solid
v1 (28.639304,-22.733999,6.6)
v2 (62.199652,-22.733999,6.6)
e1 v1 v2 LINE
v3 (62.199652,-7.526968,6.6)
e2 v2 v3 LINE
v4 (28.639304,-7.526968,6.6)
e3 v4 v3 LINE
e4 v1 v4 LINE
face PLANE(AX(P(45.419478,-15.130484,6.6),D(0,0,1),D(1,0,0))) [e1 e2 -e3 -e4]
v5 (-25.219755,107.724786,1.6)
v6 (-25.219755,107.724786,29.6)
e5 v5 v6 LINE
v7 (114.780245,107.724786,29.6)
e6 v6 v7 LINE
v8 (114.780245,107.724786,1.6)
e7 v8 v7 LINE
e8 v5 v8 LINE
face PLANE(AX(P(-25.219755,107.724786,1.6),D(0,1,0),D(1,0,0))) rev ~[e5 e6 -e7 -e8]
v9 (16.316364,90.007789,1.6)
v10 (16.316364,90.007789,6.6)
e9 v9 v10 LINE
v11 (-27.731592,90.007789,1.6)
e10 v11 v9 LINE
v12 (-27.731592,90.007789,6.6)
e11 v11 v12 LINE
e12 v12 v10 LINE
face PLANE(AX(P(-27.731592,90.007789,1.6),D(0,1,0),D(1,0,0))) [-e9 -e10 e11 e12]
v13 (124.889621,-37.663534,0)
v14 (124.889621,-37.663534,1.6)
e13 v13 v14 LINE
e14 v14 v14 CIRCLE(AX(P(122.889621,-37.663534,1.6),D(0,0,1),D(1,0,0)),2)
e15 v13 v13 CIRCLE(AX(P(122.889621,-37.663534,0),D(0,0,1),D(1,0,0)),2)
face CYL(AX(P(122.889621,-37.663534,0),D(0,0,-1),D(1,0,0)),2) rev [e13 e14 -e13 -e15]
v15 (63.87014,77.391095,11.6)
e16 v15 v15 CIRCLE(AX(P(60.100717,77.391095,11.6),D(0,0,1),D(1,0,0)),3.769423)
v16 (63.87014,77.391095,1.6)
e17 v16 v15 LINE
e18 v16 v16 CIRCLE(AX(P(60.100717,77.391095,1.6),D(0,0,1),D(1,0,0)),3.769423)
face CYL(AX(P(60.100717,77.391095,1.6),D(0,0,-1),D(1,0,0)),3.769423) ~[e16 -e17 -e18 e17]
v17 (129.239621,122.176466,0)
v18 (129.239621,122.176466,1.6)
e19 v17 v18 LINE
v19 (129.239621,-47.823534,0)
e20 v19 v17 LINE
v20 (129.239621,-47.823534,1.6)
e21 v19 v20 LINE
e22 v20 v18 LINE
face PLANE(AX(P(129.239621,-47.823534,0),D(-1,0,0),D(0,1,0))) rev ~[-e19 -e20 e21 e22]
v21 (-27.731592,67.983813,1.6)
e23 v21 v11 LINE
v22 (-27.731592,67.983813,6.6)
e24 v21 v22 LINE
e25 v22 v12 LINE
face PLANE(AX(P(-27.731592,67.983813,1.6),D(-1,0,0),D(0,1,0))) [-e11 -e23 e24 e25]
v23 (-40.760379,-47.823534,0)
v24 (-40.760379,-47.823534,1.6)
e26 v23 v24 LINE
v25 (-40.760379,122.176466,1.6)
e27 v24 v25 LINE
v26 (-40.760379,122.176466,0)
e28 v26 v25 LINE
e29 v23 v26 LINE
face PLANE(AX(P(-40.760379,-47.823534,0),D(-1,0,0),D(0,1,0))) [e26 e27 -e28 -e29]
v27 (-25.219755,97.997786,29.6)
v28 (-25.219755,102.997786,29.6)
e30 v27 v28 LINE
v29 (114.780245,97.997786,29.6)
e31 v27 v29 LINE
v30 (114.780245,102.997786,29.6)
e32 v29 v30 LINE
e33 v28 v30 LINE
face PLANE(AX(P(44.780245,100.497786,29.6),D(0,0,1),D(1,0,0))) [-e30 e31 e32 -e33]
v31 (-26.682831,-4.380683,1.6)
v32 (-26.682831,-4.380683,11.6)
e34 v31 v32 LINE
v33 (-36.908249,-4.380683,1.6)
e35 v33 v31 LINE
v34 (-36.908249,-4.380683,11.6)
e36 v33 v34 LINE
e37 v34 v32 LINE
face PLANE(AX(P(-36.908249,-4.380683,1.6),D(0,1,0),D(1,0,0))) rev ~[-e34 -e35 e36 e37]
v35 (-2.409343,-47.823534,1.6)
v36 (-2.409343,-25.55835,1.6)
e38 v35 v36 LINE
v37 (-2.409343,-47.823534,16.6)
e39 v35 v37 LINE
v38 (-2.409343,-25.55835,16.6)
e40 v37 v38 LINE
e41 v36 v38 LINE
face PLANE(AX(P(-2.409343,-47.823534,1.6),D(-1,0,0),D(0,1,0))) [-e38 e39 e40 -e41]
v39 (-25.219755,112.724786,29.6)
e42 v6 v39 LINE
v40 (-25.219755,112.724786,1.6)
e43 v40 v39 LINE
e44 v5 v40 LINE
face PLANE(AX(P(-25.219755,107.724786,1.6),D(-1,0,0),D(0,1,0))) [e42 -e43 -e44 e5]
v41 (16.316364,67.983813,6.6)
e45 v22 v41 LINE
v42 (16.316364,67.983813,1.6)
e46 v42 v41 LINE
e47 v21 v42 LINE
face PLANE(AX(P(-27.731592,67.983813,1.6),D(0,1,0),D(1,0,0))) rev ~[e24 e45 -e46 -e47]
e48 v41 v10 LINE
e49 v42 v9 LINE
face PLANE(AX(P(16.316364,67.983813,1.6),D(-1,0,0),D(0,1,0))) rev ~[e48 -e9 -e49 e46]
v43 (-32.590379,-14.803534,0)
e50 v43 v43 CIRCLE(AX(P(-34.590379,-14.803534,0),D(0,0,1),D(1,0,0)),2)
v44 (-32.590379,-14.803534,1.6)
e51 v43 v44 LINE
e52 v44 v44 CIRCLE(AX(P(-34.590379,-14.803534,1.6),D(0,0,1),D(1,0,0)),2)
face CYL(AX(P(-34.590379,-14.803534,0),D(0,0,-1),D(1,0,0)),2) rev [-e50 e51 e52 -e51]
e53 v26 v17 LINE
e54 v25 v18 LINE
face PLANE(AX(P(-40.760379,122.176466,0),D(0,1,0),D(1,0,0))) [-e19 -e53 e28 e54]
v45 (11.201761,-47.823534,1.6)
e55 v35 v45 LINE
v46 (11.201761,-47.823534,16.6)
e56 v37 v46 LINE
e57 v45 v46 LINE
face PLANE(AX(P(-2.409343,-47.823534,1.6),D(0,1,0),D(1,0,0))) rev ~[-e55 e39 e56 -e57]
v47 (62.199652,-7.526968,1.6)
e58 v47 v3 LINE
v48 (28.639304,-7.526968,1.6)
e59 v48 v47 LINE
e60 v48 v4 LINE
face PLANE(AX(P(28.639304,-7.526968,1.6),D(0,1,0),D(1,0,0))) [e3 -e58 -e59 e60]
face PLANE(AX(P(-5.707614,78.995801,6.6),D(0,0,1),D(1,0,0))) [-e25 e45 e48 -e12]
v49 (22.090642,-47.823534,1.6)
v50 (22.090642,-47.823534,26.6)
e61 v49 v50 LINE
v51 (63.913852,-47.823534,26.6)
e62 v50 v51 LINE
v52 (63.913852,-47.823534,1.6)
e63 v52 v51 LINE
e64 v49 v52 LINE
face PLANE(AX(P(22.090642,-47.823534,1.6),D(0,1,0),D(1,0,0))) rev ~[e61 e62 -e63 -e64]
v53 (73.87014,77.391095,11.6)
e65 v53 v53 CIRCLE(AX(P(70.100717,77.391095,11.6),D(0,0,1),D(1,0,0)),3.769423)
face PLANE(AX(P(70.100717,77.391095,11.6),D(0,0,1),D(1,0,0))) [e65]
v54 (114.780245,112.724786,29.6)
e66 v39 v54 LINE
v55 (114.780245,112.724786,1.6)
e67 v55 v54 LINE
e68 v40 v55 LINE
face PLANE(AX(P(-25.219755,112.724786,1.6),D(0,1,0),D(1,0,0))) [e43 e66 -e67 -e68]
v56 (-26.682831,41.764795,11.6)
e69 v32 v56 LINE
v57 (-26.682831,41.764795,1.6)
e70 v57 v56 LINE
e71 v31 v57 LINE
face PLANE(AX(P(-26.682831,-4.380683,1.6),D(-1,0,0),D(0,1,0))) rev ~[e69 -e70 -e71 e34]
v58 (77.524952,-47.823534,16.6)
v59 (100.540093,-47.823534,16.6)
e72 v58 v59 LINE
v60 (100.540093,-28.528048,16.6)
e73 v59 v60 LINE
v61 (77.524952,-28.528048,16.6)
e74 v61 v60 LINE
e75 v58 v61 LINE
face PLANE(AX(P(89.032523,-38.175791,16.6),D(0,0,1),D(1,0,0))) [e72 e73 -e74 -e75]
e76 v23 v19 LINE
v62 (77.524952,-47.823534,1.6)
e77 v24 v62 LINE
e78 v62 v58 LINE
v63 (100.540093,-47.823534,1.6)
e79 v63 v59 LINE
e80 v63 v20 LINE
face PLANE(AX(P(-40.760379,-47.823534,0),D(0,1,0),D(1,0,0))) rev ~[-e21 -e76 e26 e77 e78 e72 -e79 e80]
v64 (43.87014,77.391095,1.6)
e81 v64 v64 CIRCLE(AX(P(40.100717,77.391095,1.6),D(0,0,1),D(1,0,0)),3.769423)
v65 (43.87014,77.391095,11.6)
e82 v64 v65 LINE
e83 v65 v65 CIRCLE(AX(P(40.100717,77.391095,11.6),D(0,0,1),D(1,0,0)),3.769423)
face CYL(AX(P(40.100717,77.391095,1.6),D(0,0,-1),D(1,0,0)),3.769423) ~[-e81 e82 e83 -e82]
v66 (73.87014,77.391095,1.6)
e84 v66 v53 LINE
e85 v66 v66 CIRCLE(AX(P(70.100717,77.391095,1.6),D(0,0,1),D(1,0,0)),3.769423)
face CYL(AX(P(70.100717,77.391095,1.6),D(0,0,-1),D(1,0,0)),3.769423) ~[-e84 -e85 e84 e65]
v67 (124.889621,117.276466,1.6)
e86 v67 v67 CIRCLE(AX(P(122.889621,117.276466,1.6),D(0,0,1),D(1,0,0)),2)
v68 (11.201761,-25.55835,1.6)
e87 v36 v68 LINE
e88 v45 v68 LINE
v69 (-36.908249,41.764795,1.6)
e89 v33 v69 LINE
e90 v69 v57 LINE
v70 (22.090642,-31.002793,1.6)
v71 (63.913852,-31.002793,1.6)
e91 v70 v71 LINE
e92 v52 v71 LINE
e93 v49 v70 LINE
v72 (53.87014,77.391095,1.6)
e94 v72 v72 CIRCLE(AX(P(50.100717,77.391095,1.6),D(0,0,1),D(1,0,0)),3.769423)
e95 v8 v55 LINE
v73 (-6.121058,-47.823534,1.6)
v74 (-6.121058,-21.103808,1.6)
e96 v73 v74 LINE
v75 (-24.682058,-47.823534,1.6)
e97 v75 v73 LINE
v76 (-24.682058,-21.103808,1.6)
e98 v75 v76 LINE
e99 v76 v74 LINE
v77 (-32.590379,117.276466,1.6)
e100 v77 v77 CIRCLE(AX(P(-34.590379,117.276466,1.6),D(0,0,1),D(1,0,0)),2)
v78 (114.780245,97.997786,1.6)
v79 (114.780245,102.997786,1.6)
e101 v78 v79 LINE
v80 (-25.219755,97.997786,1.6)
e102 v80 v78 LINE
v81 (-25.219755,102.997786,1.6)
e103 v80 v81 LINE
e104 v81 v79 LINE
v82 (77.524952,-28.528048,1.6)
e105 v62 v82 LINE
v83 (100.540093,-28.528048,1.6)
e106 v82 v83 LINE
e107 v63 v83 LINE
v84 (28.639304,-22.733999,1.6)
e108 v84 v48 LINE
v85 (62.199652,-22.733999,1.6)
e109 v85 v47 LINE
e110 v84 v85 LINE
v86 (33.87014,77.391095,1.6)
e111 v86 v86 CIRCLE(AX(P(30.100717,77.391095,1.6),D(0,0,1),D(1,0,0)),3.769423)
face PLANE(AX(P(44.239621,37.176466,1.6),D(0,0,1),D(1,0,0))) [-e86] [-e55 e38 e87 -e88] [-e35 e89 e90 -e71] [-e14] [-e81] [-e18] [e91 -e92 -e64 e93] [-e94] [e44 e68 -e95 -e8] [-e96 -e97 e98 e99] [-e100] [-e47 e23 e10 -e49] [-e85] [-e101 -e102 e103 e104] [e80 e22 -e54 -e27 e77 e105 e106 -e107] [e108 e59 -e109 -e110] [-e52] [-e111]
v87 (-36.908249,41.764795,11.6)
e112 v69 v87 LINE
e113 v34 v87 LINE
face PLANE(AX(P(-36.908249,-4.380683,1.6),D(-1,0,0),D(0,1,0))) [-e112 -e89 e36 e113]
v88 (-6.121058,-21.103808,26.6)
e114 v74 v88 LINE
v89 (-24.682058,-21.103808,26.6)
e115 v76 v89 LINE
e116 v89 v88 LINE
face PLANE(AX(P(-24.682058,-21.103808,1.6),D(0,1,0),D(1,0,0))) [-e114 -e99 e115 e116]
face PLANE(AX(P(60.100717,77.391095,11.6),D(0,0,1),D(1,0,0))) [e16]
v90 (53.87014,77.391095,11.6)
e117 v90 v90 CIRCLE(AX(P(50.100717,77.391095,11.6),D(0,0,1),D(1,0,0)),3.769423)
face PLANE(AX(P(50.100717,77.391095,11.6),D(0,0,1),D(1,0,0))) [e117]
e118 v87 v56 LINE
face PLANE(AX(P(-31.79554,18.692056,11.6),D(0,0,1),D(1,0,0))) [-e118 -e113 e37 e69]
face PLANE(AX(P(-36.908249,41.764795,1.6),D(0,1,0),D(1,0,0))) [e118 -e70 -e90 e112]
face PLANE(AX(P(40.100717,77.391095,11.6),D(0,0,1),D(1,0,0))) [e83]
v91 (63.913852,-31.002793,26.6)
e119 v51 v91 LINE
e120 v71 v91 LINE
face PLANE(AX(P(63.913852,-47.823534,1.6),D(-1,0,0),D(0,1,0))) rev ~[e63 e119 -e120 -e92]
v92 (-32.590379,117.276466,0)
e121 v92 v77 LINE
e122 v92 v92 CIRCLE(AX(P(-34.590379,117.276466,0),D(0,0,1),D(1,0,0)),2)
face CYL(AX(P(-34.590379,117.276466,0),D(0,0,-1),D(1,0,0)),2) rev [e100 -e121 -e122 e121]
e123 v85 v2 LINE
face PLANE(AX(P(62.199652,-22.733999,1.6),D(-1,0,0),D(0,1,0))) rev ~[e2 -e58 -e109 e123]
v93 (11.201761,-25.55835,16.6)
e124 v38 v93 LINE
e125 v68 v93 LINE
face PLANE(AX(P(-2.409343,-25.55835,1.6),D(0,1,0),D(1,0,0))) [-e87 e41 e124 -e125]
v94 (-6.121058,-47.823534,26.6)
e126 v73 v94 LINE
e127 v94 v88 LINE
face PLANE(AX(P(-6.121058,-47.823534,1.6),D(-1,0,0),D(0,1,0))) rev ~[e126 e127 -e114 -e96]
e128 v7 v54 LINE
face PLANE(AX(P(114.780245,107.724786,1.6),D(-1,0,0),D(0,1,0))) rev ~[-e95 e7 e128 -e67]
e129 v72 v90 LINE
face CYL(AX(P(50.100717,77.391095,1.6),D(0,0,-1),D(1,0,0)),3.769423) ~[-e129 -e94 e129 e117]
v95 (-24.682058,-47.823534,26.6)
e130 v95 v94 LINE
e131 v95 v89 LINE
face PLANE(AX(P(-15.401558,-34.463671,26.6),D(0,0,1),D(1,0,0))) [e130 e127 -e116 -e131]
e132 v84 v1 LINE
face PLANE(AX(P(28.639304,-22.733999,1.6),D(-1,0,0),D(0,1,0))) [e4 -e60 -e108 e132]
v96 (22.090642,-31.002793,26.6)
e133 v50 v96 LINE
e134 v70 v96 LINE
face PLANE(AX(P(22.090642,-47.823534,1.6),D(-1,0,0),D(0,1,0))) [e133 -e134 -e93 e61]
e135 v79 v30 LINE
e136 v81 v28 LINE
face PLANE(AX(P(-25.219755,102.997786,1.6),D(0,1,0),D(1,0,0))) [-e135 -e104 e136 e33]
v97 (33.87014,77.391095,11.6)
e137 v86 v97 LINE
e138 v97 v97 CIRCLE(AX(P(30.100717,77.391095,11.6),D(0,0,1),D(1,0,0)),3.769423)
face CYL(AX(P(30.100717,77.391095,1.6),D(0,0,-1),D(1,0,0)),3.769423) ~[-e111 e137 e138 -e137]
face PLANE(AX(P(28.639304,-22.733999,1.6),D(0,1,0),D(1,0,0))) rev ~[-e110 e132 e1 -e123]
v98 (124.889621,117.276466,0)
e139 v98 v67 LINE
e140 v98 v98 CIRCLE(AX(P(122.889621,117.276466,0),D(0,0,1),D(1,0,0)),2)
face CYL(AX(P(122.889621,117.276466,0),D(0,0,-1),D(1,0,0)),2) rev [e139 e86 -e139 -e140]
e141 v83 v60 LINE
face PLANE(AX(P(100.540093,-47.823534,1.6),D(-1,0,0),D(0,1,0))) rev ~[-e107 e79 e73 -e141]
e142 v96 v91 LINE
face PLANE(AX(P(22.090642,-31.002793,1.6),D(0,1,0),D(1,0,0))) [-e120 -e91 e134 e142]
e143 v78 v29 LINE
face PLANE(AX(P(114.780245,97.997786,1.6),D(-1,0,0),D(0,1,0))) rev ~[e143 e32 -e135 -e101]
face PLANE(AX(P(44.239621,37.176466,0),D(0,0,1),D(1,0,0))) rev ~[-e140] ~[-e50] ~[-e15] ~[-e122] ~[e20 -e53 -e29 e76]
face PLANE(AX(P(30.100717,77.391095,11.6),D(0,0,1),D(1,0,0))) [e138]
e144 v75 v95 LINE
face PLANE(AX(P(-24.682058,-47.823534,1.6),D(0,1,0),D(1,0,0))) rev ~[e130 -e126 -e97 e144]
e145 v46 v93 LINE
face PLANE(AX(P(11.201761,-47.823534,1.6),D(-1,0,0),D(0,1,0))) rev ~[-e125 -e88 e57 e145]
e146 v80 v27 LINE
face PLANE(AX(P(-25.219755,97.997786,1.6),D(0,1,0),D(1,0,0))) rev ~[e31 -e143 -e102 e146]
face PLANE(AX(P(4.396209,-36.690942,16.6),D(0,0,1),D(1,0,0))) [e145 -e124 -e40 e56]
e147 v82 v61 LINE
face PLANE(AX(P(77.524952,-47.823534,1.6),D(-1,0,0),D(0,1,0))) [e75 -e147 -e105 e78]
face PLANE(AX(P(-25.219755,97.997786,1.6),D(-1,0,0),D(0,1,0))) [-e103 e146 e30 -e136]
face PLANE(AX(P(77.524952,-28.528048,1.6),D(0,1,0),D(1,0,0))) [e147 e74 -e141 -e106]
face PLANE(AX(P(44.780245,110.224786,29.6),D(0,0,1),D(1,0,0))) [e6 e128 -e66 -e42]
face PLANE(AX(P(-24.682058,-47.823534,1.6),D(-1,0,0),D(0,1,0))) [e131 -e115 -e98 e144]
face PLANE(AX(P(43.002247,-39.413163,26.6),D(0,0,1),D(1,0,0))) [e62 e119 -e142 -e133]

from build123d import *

# Parameters (mm, degrees)
F0_W     = 170
F0_H     = 170
F0_R     = 2
F1_DEPTH = 1.6
F2_W     = 140
F2_H     = 5
F3_DEPTH = 28
F2_W_2   = 18.561
F2_H_2   = 26.719725
F2_W_3   = 41.82321
F2_H_3   = 16.820741
F4_DEPTH = 25
F2_W_4   = 13.611103
F2_H_4   = 22.265183
F2_W_5   = 23.015141
F2_H_5   = 19.295486
F5_DEPTH = 15
F2_R     = 3.769423
F6_DEPTH = 10
F2_W_6   = 33.560348
F2_H_6   = 15.207031
F2_W_7   = 44.047956
F2_H_7   = 22.023975
F7_DEPTH = 5
F2_W_8   = 10.225419
F2_H_8   = 46.145479
F8_DEPTH = 10


with BuildPart() as f1:
    # F0 (on Top) → F1 (new body)
    with BuildSketch(Plane.XY):
        with Locations((44.239621, 37.176466)):
            Rectangle(F0_W, F0_H)
        with Locations((-34.590379, -14.803534)):
            Circle(F0_R, mode=Mode.SUBTRACT)
        with Locations((122.889621, -37.663534)):
            Circle(F0_R, mode=Mode.SUBTRACT)
        with Locations((-34.590379, 117.276466)):
            Circle(F0_R, mode=Mode.SUBTRACT)
        with Locations((122.889621, 117.276466)):
            Circle(F0_R, mode=Mode.SUBTRACT)
    extrude(amount=F1_DEPTH)

    # F2 (on face) → F3 (join)
    with BuildSketch(Plane.XY.offset(1.6)):
        with Locations((44.780245, 100.497786)):
            Rectangle(F2_W, F2_H)
        with Locations((44.780245, 110.224786)):
            Rectangle(F2_W, F2_H)
    extrude(amount=F3_DEPTH)

    # F2 (on face) → F4 (join)
    with BuildSketch(Plane.XY.offset(1.6)):
        with Locations((-15.401558, -34.463671)):
            Rectangle(F2_W_2, F2_H_2)
        with Locations((43.002247, -39.413163)):
            Rectangle(F2_W_3, F2_H_3)
    extrude(amount=F4_DEPTH)

    # F2 (on face) → F5 (join)
    with BuildSketch(Plane.XY.offset(1.6)):
        with Locations((4.396209, -36.690942)):
            Rectangle(F2_W_4, F2_H_4)
        with Locations((89.032523, -38.175791)):
            Rectangle(F2_W_5, F2_H_5)
    extrude(amount=F5_DEPTH)

    # F2 (on face) → F6 (join)
    with BuildSketch(Plane.XY.offset(1.6)):
        with Locations((30.100717, 77.391095)):
            Circle(F2_R)
        with Locations((40.100717, 77.391095)):
            Circle(F2_R)
        with Locations((50.100717, 77.391095)):
            Circle(F2_R)
        with Locations((60.100717, 77.391095)):
            Circle(F2_R)
        with Locations((70.100717, 77.391095)):
            Circle(F2_R)
    extrude(amount=F6_DEPTH)

    # F2 (on face) → F7 (join)
    with BuildSketch(Plane.XY.offset(1.6)):
        with Locations((45.419478, -15.130484)):
            Rectangle(F2_W_6, F2_H_6)
        with Locations((-5.707614, 78.995801)):
            Rectangle(F2_W_7, F2_H_7)
    extrude(amount=F7_DEPTH)

    # F2 (on face) → F8 (join)
    with BuildSketch(Plane.XY.offset(1.6)):
        with Locations((-31.79554, 18.692056)):
            Rectangle(F2_W_8, F2_H_8)
    extrude(amount=F8_DEPTH)


solid = f1.part
